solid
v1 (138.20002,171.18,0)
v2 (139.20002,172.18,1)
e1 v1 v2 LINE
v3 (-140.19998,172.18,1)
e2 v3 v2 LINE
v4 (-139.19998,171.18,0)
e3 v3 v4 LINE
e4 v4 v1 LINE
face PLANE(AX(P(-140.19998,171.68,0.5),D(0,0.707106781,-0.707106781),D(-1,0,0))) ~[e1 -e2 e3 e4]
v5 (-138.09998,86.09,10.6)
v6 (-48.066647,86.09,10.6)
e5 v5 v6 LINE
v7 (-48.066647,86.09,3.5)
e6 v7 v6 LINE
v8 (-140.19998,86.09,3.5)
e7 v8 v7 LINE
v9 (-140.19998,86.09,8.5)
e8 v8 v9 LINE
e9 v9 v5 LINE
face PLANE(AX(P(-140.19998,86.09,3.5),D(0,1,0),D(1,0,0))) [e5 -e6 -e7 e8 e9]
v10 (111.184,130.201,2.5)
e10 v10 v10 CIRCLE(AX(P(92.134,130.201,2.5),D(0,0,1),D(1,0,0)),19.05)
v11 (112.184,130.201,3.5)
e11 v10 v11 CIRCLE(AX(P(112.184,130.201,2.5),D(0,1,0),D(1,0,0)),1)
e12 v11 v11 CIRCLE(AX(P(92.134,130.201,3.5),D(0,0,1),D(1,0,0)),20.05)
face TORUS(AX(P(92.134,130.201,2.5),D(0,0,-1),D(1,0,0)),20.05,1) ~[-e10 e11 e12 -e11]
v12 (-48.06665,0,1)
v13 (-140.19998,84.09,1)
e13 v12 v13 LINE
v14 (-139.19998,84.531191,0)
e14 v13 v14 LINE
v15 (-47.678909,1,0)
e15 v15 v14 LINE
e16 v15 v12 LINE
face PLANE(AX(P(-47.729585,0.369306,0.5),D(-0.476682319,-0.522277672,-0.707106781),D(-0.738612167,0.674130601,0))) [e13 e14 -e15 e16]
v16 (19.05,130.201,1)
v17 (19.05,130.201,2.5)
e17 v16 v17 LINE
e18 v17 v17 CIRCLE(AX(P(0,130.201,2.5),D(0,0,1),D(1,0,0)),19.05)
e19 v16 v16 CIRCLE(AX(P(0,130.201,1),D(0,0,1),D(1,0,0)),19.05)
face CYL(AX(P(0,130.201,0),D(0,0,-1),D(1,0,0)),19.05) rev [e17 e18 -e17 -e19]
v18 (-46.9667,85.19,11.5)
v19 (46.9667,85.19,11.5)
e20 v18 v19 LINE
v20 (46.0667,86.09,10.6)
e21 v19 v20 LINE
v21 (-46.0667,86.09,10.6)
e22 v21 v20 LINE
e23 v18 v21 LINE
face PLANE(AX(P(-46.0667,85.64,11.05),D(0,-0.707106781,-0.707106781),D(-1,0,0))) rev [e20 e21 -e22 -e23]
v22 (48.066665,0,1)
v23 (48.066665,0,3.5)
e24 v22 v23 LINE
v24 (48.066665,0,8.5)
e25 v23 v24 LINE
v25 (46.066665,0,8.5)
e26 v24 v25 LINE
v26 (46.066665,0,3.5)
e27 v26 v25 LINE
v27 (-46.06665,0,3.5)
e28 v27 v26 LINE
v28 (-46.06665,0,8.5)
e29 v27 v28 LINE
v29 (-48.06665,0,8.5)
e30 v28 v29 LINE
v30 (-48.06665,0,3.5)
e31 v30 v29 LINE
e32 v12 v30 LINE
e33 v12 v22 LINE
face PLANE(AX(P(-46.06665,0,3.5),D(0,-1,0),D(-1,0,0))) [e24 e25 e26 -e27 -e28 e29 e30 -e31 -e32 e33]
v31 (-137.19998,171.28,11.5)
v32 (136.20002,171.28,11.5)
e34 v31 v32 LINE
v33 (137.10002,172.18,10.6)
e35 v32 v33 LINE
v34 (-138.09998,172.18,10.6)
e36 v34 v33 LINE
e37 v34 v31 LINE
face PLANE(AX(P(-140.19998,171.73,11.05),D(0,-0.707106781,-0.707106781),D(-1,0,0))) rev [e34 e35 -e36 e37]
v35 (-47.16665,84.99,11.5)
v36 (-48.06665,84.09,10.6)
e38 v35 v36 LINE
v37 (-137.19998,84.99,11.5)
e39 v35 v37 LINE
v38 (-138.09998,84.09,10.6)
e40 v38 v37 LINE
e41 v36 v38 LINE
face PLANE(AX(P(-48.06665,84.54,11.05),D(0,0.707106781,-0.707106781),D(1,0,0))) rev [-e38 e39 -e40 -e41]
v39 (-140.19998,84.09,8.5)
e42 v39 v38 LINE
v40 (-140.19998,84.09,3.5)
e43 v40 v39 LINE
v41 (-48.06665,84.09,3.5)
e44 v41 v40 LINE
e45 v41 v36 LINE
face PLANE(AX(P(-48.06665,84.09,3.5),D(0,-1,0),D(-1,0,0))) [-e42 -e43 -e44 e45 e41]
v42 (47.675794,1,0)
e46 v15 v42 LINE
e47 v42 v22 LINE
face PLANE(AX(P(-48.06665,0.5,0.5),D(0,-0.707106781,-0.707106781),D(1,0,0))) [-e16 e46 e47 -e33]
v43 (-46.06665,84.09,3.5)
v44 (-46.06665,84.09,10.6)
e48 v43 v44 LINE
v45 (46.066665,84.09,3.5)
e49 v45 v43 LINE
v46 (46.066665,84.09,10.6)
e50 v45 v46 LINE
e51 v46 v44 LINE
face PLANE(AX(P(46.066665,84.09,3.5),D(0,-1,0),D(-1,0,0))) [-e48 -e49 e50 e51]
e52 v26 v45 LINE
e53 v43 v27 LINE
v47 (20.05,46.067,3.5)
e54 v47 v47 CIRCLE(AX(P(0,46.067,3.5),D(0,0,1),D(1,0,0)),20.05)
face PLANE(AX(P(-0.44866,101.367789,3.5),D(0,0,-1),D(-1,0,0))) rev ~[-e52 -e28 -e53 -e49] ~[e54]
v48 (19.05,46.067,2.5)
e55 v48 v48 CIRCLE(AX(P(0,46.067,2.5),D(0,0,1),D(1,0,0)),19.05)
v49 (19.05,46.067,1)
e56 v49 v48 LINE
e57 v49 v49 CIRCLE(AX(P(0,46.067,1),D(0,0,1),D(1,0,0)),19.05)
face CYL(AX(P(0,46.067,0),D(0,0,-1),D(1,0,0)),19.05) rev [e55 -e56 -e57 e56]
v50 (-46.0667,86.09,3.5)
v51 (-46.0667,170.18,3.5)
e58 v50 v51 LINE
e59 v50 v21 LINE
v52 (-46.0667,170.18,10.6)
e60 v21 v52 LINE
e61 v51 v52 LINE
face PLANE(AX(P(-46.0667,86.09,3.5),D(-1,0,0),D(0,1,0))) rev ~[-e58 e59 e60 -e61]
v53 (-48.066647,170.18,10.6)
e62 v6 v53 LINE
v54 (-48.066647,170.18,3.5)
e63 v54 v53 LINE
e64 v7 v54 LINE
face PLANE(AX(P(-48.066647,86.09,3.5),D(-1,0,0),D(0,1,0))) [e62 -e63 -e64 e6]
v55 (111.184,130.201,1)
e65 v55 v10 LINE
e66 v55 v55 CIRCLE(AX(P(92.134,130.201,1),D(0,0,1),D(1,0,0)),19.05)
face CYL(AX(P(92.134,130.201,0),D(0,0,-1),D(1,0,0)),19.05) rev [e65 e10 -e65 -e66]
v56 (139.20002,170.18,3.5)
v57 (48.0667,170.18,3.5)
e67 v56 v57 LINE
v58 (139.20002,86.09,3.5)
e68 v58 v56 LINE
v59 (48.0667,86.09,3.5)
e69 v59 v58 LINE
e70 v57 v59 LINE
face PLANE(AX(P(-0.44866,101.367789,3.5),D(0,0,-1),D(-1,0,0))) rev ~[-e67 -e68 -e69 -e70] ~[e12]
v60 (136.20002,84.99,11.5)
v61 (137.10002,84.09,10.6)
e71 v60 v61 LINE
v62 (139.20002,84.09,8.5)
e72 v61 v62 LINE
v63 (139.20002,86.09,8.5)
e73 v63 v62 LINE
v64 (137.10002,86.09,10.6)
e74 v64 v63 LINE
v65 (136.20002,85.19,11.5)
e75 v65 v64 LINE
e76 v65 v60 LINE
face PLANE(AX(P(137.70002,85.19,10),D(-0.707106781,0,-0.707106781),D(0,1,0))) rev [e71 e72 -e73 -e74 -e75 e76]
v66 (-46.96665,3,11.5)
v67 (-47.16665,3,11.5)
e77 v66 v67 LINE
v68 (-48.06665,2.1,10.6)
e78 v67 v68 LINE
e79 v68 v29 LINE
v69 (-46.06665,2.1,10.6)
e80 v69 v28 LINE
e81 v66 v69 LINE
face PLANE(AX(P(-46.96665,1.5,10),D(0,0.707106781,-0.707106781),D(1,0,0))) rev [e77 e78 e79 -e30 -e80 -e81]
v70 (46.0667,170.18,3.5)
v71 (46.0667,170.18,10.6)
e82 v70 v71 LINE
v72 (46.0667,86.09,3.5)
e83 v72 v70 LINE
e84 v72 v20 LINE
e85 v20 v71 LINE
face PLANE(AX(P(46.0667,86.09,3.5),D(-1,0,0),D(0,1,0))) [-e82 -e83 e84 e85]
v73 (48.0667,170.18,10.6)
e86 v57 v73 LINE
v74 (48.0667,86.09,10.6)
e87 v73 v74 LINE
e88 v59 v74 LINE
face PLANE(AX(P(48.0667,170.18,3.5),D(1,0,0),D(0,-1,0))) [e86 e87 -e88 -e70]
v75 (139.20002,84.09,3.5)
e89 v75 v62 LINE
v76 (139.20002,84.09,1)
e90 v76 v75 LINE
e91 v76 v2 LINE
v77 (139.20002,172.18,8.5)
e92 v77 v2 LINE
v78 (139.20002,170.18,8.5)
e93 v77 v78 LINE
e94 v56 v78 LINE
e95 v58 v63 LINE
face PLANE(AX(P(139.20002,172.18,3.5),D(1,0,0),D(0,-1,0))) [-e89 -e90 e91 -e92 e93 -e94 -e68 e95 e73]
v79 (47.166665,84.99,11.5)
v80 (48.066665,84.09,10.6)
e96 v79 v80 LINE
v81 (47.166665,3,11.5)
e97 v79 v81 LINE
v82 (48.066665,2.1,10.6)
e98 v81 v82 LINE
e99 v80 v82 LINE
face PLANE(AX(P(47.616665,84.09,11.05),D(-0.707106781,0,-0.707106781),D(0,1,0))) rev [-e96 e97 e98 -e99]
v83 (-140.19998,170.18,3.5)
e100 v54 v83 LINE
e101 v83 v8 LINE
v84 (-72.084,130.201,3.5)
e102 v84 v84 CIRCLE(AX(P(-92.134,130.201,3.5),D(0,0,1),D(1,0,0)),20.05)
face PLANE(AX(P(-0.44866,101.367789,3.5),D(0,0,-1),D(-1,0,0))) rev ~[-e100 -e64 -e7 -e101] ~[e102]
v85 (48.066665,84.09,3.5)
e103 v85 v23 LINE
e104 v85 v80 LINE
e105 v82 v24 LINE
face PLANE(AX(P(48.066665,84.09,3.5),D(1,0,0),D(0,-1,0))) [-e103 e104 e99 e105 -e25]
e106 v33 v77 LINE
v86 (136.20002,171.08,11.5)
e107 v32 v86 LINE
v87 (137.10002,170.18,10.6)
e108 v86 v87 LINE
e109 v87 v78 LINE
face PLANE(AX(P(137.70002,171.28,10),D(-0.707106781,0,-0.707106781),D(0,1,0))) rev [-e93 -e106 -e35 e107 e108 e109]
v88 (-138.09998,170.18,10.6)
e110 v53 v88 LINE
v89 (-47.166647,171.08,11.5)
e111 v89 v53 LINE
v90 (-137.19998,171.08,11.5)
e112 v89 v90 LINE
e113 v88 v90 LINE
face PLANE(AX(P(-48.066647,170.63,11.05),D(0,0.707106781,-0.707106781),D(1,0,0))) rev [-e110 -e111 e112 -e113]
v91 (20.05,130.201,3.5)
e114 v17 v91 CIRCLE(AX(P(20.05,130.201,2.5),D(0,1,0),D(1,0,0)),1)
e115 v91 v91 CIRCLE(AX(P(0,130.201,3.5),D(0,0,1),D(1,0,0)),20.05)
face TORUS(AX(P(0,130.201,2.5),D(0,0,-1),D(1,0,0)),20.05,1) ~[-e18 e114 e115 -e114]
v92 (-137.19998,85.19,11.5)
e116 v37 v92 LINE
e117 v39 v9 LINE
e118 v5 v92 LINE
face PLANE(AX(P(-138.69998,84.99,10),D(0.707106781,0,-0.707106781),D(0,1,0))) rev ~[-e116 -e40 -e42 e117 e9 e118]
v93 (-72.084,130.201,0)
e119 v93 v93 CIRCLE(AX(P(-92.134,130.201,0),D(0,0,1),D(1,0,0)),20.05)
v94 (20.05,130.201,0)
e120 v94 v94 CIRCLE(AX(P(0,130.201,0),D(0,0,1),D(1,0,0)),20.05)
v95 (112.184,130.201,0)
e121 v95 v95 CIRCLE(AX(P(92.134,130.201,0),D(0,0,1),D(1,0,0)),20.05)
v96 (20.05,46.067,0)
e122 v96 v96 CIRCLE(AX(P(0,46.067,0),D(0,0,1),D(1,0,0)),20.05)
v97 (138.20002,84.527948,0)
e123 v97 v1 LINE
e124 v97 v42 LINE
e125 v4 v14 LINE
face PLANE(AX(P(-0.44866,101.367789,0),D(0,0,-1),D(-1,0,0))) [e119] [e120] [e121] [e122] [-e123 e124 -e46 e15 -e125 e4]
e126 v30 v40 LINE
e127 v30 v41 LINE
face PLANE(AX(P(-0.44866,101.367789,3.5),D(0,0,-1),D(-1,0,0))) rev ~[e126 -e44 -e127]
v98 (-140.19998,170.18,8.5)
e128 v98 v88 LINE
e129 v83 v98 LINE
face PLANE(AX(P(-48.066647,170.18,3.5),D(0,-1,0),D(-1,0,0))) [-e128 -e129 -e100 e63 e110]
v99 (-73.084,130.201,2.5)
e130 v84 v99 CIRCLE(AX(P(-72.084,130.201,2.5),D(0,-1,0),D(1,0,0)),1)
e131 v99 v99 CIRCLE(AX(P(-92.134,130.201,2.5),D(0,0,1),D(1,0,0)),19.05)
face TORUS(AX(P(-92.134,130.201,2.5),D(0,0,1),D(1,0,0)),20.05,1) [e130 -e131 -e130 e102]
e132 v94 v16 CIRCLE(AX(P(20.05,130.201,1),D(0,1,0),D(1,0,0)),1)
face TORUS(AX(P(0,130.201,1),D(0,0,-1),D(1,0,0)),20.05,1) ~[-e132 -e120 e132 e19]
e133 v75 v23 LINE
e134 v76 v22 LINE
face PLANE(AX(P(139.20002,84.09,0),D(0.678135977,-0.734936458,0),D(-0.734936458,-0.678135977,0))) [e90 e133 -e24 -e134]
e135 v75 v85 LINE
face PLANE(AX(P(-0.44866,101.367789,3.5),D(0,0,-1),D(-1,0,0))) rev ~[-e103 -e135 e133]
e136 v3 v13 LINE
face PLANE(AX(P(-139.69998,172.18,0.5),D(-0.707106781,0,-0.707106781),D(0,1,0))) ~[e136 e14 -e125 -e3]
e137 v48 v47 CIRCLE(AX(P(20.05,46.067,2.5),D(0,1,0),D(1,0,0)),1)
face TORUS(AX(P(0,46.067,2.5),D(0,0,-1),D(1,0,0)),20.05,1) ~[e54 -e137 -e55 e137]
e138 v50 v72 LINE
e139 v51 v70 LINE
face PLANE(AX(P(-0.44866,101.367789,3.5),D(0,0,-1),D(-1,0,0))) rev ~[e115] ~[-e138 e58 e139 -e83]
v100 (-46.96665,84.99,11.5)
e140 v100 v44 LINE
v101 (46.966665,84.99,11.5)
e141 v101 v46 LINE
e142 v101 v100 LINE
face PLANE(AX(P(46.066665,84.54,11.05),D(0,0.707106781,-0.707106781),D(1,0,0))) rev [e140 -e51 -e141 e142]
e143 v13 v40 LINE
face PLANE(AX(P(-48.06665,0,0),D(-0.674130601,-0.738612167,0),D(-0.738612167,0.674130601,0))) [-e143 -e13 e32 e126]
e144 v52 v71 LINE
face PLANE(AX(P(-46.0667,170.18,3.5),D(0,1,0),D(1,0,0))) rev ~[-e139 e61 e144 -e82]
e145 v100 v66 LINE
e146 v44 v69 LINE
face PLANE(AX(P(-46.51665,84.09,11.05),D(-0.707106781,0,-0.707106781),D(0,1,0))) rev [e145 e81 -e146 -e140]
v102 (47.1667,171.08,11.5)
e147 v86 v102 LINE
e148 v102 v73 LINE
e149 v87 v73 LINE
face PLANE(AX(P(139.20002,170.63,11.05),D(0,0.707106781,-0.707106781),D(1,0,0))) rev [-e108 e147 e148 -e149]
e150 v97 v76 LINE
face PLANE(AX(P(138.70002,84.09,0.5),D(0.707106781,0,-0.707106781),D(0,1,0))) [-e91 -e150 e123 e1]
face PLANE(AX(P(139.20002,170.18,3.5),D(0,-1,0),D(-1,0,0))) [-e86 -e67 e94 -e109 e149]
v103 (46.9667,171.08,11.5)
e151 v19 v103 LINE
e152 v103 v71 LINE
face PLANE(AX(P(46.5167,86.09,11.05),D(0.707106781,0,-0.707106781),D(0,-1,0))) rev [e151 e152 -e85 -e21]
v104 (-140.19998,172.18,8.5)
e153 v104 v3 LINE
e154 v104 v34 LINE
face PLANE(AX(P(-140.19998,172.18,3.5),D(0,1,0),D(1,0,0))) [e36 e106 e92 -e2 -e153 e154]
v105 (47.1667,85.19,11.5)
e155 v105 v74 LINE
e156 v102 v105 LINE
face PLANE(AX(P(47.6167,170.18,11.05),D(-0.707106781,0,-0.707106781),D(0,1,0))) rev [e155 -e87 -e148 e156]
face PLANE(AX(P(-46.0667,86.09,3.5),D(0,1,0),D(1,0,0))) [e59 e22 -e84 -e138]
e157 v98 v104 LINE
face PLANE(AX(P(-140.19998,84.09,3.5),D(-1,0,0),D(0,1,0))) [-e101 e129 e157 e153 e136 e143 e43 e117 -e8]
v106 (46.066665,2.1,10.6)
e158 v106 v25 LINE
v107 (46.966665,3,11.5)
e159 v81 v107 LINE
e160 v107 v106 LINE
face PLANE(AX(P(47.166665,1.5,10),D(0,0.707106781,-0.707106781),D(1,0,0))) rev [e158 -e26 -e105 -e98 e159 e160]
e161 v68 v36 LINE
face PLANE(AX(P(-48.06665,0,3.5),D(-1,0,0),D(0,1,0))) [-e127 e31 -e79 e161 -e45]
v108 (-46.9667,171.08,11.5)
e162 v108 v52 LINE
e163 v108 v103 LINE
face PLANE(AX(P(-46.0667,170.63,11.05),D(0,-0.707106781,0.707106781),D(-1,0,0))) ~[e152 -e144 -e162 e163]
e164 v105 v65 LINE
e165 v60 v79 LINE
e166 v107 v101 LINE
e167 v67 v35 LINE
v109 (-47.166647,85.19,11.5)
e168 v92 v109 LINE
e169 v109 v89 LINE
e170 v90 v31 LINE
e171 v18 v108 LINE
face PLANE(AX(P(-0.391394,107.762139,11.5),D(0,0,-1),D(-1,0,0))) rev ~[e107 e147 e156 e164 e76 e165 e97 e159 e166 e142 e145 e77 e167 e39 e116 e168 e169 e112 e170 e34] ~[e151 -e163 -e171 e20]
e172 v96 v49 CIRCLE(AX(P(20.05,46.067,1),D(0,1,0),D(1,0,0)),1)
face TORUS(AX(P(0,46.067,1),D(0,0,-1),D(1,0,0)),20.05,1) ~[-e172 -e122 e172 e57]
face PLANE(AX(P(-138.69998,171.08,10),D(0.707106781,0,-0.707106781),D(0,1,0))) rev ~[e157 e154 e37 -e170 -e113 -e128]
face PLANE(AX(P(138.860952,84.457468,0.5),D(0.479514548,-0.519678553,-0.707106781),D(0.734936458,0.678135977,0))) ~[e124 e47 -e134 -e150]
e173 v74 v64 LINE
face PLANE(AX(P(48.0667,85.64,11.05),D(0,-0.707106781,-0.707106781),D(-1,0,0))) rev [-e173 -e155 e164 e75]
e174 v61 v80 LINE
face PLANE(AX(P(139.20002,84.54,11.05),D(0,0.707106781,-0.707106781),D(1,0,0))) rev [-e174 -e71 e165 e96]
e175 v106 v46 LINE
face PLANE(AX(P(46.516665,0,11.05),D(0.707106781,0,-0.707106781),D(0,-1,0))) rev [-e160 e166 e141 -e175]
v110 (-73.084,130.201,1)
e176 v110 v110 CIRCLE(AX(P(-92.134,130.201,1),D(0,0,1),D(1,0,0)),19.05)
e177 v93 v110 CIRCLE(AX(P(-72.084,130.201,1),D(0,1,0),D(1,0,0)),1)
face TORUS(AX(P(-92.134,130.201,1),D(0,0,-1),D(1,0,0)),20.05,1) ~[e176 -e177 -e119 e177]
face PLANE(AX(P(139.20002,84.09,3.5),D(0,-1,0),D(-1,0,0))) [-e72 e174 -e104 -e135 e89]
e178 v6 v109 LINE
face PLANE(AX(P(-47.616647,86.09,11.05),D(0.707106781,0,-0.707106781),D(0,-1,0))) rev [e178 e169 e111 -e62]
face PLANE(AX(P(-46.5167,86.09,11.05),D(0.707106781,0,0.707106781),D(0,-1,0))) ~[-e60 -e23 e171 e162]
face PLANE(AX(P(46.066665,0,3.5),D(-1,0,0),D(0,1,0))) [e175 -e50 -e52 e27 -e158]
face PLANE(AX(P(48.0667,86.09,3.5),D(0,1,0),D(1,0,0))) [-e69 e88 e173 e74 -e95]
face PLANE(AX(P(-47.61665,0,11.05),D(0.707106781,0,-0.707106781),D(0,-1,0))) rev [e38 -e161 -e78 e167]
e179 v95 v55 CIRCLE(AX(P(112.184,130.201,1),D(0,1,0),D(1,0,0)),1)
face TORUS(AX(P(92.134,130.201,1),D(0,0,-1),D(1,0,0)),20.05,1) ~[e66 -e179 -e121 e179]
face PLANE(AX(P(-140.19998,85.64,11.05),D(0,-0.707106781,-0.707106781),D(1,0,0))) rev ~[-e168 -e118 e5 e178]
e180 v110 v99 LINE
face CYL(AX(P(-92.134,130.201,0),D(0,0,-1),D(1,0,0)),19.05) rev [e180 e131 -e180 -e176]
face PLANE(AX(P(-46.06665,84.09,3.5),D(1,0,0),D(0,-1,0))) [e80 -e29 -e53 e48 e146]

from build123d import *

# Parameters (mm, degrees)
SKETCH001_R     = 19.05
PAD_DEPTH       = 3.5
SKETCH_W        = 92.1334
SKETCH_H        = 84.09
PAD001_DEPTH    = 8
CHAMFER_SIZE    = 0.9
CHAMFER001_SIZE = 3
FILLET_R        = 1
CHAMFER002_SIZE = 1


with BuildPart() as part:
    # Sketch001 → Pad (new body)
    with BuildSketch(Plane.XY):
        Polygon((139.20002, 86.09), (139.20002, 84.09), (48.066665, 0), (46.066665, 0), (-46.06665, 0), (-48.06665, 0), (-140.19998, 84.09), (-140.19998, 86.09), (-140.19998, 170.18), (-140.19998, 172.18), (139.20002, 172.18), (139.20002, 170.18), align=None)
        with Locations((-92.134, 130.201)):
            Circle(SKETCH001_R, mode=Mode.SUBTRACT)
        with Locations((92.134, 130.201)):
            Circle(SKETCH001_R, mode=Mode.SUBTRACT)
        with Locations((0, 130.201)):
            Circle(SKETCH001_R, mode=Mode.SUBTRACT)
        with Locations((0, 46.067)):
            Circle(SKETCH001_R, mode=Mode.SUBTRACT)
    extrude(amount=PAD_DEPTH)

    # Sketch (on Face18 of Pad) → Pad001 (join)
    with BuildSketch(Plane.XY.offset(3.5)):
        Polygon((-140.19998, 86.09), (-48.066647, 86.09), (-48.066647, 170.18), (-140.19998, 170.18), (-140.19998, 172.18), (139.20002, 172.18), (139.20002, 170.18), (48.0667, 170.18), (48.0667, 86.09), (139.20002, 86.09), (139.20002, 84.09), (48.066665, 84.09), (48.066665, 0), (46.066665, 0), (46.066665, 84.09), (-46.06665, 84.09), (-46.06665, 0), (-48.06665, 0), (-48.06665, 84.09), (-140.19998, 84.09), align=None)
        with Locations((0, 128.135)):
            Rectangle(SKETCH_W, SKETCH_H, mode=Mode.SUBTRACT)
    extrude(amount=PAD001_DEPTH)

    # Chamfer
    chamfer_edges = [part.edges().sort_by_distance(p)[0] for p in [
        (48.066665, 42.045, 11.5),
        (46.066665, 42.045, 11.5),
        (93.633342, 84.09, 11.5),
        (93.63336, 86.09, 11.5),
        (48.0667, 128.135, 11.5),
        (46.0667, 128.135, 11.5),
        (0, 86.09, 11.5),
        (7e-06, 84.09, 11.5),
        (-46.06665, 42.045, 11.5),
        (-48.06665, 42.045, 11.5),
        (-94.133315, 84.09, 11.5),
        (-94.133314, 86.09, 11.5),
        (-48.066647, 128.135, 11.5),
        (-46.0667, 128.135, 11.5),
        (93.63336, 170.18, 11.5),
        (-0.49998, 172.18, 11.5),
        (0, 170.18, 11.5),
        (-94.133314, 170.18, 11.5),
    ]]
    chamfer(chamfer_edges, length=CHAMFER_SIZE)

    # Chamfer001
    chamfer001_edges = [part.edges().sort_by_distance(p)[0] for p in [
        (-140.19998, 171.18, 11.5),
        (-140.19998, 85.09, 11.5),
        (-47.06665, 0, 11.5),
        (47.066665, 0, 11.5),
        (139.20002, 85.09, 11.5),
        (139.20002, 171.18, 11.5),
    ]]
    chamfer(chamfer001_edges, length=CHAMFER001_SIZE)

    # Fillet
    fillet_edges = [part.edges().sort_by_distance(p)[0] for p in [
        (-111.184, 130.201, 0),
        (-111.184, 130.201, 3.5),
        (-19.05, 130.201, 0),
        (-19.05, 130.201, 3.5),
        (-19.05, 46.067, 0),
        (-19.05, 46.067, 3.5),
        (73.084, 130.201, 0),
        (73.084, 130.201, 3.5),
    ]]
    fillet(fillet_edges, radius=FILLET_R)

    # Chamfer002
    chamfer002_edges = [part.edges().sort_by_distance(p)[0] for p in [
        (8e-06, 0, 0),
        (-94.133315, 42.045, 0),
        (-47.06665, 0, 0),
        (47.066665, 0, 0),
        (93.633342, 42.045, 0),
        (-140.19998, 128.135, 0),
        (-140.19998, 171.18, 0),
        (-0.49998, 172.18, 0),
        (139.20002, 171.18, 0),
        (139.20002, 128.135, 0),
        (139.20002, 85.09, 0),
    ]]
    chamfer(chamfer002_edges, length=CHAMFER002_SIZE)


solid = part.part
